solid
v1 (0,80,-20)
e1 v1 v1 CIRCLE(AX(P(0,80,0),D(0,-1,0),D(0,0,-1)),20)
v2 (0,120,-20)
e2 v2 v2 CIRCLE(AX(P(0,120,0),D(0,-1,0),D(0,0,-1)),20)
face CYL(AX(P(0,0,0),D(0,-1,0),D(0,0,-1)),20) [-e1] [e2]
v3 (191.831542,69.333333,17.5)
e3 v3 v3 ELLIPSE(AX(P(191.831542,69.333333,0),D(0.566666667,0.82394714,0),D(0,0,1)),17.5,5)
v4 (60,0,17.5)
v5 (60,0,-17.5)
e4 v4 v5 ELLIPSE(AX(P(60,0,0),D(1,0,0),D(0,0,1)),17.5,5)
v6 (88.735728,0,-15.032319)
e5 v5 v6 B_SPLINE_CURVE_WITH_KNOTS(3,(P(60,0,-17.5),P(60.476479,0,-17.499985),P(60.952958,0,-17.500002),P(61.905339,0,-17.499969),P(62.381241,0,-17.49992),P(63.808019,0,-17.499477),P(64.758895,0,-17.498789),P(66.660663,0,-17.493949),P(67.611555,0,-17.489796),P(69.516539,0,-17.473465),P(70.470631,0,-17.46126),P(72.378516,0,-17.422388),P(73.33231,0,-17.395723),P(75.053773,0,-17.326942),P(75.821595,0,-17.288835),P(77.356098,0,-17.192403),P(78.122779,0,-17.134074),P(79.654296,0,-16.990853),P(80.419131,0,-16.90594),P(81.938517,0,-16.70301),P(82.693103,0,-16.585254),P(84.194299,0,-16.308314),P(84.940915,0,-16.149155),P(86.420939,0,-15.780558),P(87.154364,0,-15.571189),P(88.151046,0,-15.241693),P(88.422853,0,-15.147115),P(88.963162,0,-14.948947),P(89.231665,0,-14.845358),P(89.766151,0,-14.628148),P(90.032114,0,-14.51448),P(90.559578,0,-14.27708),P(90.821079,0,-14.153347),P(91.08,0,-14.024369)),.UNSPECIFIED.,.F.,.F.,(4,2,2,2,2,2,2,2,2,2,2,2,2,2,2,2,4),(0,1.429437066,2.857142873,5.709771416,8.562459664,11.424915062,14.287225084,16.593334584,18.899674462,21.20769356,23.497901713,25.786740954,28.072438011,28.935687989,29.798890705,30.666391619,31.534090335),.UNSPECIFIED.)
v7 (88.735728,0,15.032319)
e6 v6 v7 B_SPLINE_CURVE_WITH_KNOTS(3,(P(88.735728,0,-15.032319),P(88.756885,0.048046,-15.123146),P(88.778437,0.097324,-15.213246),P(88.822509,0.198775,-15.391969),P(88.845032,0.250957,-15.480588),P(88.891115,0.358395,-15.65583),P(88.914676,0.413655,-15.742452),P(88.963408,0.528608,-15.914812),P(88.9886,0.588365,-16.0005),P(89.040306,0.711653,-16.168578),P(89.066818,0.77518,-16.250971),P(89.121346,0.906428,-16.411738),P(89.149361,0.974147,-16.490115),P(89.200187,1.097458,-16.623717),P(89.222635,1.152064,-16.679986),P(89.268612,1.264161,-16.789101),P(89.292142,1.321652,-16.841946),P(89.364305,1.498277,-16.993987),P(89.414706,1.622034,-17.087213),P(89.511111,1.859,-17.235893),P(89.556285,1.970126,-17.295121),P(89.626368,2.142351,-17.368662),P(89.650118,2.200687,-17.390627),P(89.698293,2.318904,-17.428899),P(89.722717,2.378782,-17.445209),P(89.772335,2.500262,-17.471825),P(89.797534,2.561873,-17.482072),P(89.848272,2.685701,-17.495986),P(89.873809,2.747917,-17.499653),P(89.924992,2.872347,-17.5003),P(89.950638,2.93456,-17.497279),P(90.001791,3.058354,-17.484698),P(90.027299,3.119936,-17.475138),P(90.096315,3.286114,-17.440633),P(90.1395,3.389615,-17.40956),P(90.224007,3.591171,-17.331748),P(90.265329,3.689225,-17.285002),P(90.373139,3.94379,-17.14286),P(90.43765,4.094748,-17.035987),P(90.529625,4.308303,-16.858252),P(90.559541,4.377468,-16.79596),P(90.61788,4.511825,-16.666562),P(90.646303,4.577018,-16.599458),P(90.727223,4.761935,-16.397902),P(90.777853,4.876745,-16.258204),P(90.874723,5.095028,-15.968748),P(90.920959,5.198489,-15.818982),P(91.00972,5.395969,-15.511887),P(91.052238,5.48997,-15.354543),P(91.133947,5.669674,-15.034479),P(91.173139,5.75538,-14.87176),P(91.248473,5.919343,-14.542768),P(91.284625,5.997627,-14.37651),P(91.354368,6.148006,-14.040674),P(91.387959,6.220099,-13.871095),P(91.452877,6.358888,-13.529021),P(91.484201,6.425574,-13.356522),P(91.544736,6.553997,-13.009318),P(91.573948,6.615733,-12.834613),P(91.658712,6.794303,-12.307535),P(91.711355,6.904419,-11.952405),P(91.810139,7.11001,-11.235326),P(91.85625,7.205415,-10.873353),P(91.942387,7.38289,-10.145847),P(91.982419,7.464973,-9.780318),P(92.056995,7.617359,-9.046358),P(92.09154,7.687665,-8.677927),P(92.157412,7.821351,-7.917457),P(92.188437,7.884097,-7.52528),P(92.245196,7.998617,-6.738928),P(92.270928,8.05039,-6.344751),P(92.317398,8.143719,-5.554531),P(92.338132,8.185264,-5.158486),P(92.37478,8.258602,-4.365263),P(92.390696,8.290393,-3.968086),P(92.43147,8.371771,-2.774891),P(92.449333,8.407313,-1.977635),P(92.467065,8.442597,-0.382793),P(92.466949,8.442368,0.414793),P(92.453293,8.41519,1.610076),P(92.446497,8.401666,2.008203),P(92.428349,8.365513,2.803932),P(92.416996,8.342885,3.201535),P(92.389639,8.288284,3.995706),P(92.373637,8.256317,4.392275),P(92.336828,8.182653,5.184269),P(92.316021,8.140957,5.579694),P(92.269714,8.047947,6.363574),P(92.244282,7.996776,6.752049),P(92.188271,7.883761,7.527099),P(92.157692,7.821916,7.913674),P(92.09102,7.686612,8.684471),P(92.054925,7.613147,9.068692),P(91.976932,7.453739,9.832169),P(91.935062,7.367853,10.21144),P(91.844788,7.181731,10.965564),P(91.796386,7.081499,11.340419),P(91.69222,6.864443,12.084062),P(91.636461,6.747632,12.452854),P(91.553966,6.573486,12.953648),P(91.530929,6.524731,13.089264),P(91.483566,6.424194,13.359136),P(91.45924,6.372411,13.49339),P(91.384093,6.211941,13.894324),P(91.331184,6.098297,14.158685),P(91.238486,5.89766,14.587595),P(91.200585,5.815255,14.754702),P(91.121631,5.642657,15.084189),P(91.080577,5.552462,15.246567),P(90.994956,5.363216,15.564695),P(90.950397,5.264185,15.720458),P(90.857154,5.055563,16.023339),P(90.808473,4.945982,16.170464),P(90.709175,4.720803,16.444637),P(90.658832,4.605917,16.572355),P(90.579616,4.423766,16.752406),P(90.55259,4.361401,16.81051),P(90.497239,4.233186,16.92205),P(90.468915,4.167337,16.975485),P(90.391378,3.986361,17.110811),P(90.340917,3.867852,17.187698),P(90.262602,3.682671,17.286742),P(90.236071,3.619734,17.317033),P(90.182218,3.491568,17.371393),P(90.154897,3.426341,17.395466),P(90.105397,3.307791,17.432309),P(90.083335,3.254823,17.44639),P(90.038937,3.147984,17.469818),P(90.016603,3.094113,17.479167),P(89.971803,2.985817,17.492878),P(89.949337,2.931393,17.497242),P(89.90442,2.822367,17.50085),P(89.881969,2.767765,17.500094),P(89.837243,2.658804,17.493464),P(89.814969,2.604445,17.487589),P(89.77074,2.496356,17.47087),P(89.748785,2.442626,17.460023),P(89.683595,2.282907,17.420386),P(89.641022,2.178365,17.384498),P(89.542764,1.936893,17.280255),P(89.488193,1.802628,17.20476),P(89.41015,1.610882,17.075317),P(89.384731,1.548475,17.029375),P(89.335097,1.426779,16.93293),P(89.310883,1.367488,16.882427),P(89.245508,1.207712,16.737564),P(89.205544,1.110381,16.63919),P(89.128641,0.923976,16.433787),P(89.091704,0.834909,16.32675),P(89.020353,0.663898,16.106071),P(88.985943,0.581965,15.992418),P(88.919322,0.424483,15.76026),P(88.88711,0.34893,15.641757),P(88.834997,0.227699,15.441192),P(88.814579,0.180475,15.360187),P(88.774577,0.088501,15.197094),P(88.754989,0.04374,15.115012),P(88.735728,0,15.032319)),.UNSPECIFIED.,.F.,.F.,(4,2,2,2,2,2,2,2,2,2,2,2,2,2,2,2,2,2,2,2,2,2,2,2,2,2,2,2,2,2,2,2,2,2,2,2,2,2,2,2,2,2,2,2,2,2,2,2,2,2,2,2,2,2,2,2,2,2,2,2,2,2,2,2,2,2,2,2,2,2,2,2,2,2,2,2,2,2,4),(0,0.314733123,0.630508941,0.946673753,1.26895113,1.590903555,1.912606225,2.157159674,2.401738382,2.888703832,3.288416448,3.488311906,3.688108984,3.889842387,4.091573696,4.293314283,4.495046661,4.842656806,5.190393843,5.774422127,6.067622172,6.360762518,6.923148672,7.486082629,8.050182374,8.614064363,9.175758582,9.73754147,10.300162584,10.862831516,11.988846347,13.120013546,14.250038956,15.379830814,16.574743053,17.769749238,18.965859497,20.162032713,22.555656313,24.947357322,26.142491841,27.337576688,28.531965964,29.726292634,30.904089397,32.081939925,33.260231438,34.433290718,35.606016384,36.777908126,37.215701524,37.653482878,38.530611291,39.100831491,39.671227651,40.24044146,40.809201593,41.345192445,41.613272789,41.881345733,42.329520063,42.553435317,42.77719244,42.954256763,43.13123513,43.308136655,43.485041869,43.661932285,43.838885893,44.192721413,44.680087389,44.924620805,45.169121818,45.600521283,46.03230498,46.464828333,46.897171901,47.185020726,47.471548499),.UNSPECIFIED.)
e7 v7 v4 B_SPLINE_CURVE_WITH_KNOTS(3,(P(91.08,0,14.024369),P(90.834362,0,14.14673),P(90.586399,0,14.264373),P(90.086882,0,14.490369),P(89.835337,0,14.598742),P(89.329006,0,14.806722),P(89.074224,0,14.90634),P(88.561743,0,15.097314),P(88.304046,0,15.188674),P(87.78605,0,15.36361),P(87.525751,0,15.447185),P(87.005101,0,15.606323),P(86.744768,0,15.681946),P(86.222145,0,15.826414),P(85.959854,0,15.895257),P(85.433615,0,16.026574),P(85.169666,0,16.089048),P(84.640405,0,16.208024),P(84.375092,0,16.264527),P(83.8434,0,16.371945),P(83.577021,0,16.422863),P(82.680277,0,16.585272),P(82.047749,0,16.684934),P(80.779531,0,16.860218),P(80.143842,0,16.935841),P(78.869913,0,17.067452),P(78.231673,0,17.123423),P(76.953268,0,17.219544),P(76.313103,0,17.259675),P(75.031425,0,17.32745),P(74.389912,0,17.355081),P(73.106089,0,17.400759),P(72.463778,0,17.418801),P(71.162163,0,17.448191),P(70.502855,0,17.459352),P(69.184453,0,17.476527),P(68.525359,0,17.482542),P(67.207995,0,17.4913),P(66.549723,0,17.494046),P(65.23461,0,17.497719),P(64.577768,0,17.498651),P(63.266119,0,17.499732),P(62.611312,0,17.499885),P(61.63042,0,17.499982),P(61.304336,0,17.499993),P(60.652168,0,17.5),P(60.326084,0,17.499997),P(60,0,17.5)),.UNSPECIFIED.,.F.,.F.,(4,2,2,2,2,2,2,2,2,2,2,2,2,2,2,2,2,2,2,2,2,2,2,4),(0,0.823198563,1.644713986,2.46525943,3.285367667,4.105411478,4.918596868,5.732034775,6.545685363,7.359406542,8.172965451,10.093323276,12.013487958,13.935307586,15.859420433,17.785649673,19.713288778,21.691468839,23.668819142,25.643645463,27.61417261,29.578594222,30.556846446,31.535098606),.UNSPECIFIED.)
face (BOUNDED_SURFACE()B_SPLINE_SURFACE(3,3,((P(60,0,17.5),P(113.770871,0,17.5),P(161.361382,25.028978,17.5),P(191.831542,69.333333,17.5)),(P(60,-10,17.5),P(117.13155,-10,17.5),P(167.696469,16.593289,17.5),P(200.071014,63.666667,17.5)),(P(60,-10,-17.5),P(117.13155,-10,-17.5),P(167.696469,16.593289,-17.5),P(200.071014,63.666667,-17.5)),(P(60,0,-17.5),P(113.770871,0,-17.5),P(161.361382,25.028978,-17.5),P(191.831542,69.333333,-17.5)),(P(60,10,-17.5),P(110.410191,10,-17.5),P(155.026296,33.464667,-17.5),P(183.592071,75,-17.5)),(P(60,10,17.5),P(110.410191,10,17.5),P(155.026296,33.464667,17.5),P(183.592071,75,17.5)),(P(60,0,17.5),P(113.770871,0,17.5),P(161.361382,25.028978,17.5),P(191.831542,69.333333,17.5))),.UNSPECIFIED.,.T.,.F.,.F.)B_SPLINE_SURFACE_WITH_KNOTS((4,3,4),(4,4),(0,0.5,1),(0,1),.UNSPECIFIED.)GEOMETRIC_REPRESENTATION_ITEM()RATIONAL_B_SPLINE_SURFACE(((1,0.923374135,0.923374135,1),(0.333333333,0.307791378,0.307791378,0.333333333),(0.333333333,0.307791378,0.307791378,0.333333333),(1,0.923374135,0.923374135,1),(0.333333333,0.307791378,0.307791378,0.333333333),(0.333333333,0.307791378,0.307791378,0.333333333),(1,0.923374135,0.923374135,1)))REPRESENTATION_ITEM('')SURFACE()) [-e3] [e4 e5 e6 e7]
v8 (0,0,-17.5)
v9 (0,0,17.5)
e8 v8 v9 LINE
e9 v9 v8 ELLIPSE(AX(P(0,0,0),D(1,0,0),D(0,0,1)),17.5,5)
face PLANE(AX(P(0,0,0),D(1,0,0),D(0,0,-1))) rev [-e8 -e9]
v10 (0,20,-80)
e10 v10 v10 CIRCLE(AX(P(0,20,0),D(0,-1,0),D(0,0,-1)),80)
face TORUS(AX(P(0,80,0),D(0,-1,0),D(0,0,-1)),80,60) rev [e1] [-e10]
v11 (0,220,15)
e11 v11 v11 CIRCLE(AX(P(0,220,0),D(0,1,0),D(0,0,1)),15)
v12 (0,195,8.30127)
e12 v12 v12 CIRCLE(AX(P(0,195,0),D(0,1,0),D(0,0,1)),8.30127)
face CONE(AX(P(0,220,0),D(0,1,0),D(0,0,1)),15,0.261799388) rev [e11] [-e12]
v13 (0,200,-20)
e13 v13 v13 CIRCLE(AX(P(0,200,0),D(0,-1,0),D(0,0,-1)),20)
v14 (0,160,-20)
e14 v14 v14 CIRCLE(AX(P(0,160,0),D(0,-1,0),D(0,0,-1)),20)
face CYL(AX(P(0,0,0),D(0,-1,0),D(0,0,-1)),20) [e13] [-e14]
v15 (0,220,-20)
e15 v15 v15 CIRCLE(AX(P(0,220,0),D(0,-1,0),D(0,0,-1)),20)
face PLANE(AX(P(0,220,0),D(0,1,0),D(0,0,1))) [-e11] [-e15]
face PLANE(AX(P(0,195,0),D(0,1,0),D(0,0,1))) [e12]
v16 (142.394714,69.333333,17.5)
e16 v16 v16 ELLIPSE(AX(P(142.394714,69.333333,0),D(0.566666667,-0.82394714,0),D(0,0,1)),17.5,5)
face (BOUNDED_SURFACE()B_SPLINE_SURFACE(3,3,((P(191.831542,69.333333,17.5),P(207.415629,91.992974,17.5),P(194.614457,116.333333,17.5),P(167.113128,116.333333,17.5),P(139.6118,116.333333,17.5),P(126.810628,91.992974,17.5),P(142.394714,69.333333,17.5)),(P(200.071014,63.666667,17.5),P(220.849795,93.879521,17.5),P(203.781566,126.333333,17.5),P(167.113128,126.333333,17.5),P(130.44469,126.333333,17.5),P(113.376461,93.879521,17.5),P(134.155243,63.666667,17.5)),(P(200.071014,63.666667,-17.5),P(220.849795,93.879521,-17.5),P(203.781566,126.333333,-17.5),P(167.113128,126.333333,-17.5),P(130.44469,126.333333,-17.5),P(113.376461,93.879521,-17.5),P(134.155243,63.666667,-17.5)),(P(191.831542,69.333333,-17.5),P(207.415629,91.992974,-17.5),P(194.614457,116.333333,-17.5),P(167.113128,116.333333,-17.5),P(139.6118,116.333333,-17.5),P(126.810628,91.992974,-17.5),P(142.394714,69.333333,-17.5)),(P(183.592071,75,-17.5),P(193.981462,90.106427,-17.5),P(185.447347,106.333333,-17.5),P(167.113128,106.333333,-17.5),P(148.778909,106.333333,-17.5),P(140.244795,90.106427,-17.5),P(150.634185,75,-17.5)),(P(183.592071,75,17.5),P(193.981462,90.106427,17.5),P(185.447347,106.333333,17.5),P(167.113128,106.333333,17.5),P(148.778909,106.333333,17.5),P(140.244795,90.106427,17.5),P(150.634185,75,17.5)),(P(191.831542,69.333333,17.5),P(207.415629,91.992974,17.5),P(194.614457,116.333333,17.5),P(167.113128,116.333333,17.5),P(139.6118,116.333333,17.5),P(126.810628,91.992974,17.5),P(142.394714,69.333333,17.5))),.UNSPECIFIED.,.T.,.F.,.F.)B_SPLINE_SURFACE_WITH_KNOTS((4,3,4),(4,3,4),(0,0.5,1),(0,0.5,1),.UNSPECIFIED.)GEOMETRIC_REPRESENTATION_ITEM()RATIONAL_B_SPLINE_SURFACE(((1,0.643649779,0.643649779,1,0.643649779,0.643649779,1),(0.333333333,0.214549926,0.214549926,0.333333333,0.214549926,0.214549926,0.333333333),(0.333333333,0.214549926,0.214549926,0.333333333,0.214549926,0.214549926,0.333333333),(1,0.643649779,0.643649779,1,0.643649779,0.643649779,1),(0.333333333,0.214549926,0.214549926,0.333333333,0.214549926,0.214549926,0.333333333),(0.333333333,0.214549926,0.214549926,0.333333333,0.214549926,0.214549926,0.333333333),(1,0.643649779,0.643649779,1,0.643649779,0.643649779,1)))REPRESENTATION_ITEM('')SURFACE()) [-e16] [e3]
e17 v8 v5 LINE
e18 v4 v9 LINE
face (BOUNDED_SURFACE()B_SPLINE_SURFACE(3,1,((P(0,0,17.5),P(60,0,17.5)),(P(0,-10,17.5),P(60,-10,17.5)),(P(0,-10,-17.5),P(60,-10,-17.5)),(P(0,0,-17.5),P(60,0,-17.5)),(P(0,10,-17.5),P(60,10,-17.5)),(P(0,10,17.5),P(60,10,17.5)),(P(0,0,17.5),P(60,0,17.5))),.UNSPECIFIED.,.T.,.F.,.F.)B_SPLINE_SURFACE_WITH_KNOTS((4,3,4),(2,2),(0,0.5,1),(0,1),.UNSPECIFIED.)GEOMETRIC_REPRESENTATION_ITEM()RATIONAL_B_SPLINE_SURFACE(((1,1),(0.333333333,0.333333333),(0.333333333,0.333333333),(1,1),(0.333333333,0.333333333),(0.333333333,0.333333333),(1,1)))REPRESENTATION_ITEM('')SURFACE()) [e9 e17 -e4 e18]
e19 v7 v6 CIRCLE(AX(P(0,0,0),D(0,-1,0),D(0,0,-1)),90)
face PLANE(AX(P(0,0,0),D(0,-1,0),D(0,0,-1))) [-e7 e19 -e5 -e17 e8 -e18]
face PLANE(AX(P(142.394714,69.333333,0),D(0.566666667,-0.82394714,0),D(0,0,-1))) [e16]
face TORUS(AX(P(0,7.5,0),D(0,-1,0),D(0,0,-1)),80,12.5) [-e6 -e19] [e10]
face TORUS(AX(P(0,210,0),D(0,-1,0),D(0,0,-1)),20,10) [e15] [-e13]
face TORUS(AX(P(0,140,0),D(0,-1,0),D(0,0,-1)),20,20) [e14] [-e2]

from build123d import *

# Parameters (mm, degrees)
SKETCH3_RX         = 17.5
SKETCH3_RY         = 5
SKETCH4_R          = 15
CUT_EXTRUDE1_DEPTH = 25
CUT_EXTRUDE1_DRAFT = -15


with BuildPart() as part:
    # Sketch1 → Revolve1 (revolve)
    with BuildSketch(Plane.XY, mode=Mode.PRIVATE) as revolve1_sk:
        with BuildLine():
            Line((0, 0), (0, 220))
            Line((0, 220), (20, 220))
            ThreePointArc((20, 220), (30, 210), (20, 200))
            Line((20, 200), (20, 160))
            ThreePointArc((20, 160), (40, 140), (20, 120))
            Line((20, 120), (20, 80))
            ThreePointArc((20, 80), (37.573593129, 37.573593129), (80, 20))
            ThreePointArc((80, 20), (91.180339887, 13.090169944), (90, 0))
            Line((90, 0), (0, 0))
        make_face()
    revolve(revolve1_sk.sketch.rotate(Axis((0, 0, 0), (0, 1, 0)), 90), axis=Axis((0, 0, 0), (0, 1, 0)))

    # Sweep1: sweep along a path in Sketch2
    with BuildLine(Plane.XY) as sweep1_path:
        Line((0, 10), (60, 10))
        ThreePointArc((60, 10), (129.821200219, 27.240819526), (183.592070943, 75))
        ThreePointArc((183.592070943, 75), (167.113128151, 106.333333333), (150.634185358, 75))
    # Sketch3 → Sweep1 (sweep)
    with BuildSketch(Plane(origin=(0, 0, 0), x_dir=(0, 0, -1), z_dir=(1, 0, 0))):
        with Locations(Location((0, 0), (0, 0, 180))):
            Ellipse(SKETCH3_RX, SKETCH3_RY)
    sweep(path=sweep1_path.line)


with BuildPart() as cut_extrude1_tool:
    # Sketch4 → Cut-Extrude1 (with draft: the straight prism first)
    with BuildSketch(Plane(origin=(0, 220, 0), x_dir=(1, 0, 0), z_dir=(0, 1, 0))):
        Circle(SKETCH4_R)
    extrude(amount=-CUT_EXTRUDE1_DEPTH)
    # Cut-Extrude1: the draft: its side faces are tilted about the plane it starts from
    cut_extrude1_sides = [cut_extrude1_tool.faces().sort_by_distance(p)[0] for p in [
        (-15, 207.5, 0),
    ]]
    draft(cut_extrude1_sides, Plane(origin=(0, 220, 0), x_dir=(1, 0, 0), z_dir=(0, 1, 0)), CUT_EXTRUDE1_DRAFT)


with BuildPart() as part_1:
    add(part.part)

    # Cut-Extrude1: cut by cut_extrude1_tool
    add(cut_extrude1_tool.part, mode=Mode.SUBTRACT)


solid = part_1.part
